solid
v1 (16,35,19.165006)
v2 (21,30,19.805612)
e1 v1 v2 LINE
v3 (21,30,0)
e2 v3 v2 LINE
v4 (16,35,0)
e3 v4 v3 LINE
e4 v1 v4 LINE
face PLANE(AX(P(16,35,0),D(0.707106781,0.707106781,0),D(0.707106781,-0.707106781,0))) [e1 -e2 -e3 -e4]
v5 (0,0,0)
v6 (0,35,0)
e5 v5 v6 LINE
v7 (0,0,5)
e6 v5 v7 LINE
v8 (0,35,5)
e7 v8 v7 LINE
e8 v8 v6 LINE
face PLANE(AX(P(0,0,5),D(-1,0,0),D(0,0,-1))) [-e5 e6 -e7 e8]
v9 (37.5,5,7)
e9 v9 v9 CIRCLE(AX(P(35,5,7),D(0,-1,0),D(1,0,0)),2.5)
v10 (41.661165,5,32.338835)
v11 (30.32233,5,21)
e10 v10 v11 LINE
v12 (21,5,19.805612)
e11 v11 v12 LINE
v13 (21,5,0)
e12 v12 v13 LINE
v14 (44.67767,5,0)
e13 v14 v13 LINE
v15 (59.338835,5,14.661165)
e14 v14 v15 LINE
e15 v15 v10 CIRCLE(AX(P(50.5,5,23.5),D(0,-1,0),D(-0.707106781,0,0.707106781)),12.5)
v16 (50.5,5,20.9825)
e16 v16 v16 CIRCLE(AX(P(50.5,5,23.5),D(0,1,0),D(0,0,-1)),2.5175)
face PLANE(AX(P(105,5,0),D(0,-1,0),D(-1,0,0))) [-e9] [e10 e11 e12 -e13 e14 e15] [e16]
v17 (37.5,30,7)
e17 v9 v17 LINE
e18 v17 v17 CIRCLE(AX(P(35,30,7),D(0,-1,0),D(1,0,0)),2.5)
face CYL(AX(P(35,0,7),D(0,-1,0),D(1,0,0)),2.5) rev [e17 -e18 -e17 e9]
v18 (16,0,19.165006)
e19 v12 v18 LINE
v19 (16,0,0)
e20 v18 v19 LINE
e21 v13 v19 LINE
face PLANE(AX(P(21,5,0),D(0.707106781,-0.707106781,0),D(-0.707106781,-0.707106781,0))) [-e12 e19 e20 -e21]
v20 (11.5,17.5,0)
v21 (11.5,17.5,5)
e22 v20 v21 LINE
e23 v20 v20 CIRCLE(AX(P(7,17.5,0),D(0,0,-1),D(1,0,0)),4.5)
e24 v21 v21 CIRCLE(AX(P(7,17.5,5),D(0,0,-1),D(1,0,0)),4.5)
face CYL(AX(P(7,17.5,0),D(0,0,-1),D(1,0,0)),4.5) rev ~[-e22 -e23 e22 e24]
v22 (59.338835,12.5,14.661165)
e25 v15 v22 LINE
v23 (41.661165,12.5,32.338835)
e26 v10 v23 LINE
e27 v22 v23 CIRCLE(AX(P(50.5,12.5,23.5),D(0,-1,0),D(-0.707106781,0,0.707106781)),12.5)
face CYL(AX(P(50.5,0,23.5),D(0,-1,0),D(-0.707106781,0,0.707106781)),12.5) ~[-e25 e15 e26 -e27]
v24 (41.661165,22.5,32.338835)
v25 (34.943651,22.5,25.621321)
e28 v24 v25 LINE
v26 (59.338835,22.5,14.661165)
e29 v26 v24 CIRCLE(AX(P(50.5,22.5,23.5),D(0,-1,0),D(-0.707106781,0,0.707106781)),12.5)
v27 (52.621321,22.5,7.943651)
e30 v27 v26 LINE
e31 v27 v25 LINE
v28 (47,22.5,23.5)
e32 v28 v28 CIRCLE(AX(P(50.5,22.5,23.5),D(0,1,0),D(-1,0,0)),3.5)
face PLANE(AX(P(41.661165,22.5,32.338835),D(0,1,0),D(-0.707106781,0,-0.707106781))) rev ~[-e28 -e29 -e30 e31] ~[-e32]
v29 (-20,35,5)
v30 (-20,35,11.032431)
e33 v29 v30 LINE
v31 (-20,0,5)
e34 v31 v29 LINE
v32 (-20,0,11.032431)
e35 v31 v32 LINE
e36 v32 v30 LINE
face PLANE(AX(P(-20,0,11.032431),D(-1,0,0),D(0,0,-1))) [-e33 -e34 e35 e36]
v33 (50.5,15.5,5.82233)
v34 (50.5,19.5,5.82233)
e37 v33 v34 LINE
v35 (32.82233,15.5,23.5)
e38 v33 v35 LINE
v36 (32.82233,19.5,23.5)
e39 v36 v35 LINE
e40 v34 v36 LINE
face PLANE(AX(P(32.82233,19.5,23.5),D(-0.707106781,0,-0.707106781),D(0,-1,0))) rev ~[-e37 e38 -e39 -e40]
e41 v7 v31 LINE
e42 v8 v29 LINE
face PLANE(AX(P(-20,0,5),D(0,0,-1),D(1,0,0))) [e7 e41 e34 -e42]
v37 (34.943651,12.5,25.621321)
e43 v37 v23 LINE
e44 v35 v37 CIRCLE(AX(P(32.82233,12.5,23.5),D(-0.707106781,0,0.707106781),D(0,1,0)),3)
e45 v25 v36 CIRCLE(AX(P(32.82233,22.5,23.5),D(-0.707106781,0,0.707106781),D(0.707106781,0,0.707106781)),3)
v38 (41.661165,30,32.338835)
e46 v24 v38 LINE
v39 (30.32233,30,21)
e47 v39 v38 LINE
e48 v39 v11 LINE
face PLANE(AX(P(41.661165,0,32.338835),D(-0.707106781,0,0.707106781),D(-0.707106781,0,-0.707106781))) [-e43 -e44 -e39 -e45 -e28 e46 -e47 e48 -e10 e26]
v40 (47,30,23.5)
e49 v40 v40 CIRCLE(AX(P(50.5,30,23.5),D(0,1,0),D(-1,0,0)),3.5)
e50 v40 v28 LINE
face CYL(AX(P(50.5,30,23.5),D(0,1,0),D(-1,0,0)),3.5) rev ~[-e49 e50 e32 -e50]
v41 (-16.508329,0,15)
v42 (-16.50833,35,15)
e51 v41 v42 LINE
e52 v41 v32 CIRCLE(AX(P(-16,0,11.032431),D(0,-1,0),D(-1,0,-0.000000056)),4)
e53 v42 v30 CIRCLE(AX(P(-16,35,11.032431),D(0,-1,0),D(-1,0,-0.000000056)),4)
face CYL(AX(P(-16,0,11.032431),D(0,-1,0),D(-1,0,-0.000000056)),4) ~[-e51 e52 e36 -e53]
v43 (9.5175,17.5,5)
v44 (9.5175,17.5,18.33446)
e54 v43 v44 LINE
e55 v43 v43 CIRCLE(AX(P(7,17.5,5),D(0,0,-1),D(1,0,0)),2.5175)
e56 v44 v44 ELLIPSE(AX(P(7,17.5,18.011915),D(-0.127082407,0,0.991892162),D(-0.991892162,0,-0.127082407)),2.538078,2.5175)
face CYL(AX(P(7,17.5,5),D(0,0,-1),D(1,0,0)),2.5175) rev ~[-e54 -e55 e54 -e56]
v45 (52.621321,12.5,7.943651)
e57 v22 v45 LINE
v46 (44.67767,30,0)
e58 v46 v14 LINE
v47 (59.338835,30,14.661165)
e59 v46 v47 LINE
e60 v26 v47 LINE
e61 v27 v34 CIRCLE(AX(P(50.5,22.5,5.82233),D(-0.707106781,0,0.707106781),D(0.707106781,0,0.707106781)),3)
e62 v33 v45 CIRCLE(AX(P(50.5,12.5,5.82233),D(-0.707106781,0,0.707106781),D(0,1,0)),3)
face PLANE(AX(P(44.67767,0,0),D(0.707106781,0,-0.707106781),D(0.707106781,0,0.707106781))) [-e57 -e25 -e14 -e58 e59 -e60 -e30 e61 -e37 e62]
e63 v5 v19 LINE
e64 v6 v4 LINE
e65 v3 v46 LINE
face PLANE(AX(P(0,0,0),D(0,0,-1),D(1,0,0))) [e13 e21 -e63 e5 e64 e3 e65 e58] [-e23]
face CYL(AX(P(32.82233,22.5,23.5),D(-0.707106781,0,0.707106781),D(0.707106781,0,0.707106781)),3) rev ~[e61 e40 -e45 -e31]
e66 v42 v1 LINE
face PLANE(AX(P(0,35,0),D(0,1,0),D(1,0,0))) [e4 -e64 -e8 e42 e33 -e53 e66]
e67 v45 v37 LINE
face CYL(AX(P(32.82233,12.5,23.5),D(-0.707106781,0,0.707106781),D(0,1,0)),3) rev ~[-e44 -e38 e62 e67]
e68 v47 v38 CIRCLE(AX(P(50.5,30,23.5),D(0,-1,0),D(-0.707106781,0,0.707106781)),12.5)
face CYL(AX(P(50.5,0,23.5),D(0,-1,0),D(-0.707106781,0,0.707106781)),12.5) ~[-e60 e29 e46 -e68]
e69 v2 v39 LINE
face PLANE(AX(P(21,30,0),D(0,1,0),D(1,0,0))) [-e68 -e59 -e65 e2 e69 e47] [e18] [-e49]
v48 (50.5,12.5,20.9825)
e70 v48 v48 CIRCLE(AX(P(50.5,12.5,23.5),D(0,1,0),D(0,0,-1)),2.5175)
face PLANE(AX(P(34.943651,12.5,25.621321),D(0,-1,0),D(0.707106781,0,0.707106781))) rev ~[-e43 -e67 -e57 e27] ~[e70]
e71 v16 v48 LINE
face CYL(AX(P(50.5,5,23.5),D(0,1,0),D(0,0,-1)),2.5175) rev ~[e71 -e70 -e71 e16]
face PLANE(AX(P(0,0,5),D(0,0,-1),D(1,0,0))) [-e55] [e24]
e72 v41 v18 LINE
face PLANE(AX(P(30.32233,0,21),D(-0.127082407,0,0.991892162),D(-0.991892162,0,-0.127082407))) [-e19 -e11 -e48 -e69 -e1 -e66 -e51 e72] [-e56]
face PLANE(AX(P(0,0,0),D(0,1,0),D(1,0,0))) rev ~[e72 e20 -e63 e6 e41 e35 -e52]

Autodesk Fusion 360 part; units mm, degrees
sketch "草图1" plane through (0, 0, 0) normal (0, 1, 0) x (1, 0, 0)
  line L0 (0, 0) -> (44.67767, 0)
  line L1 (44.67767, 0) -> (59.338835, -14.661165)
  arc A0 (41.661165, -32.338835) -> (59.338835, -14.661165) centre (50.5, -23.5) ccw
  line L2 (41.661165, -32.338835) -> (30.32233, -21)
  line L3 (30.32233, -21) -> (-16.50833, -15)
  arc A1 (-20, -11.032431) -> (-16.50833, -15) centre (-16, -11.032431) ccw
  line L4 (-20, -11.032431) -> (-20, -5)
  line L5 (-20, -5) -> (0, -5)
  line L6 (0, -5) -> (0, 0)
  circle A2 centre (35, -7) radius 2.5
  dimension "d1" = 5
  dimension "d2" = 20
  dimension "d3" = 4
  dimension "d4" = 135
  dimension "d5" = 35
  dimension "d6" = 12.5
  dimension "d7" = 23.5
  dimension "d8" = 70.5
  dimension "d9" = 5
  dimension "d10" = 7
  dimension "d11" = 21
  dimension "d12" = 10
extrude "拉伸1" add sketch "草图1" along normal blind 35 contours L0 L1 A0 L2 L3 A1 L4 L5 L6 picked at (45.852908, -18.651526)
sketch "草图2" plane through (0, 0, 0) normal (0, 0, 1) x (1, 0, 0)
  line L0 (-20, 0) -> (-20, 35)
  line L1 (-20, 35) -> (16, 35)
  line L2 (16, 35) -> (21, 30)
  line L3 (21, 30) -> (105, 30)
  line L4 (105, 30) -> (105, 5)
  line L5 (105, 5) -> (21, 5)
  line L6 (21, 5) -> (16, 0)
  line L7 (16, 0) -> (-20, 0)
  line L8 (-55, 0) -> (65, 0) construction
  line L9 (-20, 17.5) -> (-60, 17.5) construction
  dimension "d15" = 20
  dimension "d16" = 35
  dimension "d17" = 36
  dimension "d18" = 135
  dimension "d19" = 135
  dimension "d20" = 25
  dimension "d21" = 125
extrude "拉伸2" cut sketch "草图2" along normal blind 85 contours L0 L1 L2 L3 L4 L5 L6 L7 picked at (77, 21.666667) keep common part
sketch "草图3" plane through (4.661165, 0, -4.661165) normal (-0.707107, 0, 0.707107) x (0, -1, 0)
  line L0 (-30, 52.325902) -> (-30, 36.290368)
  line L1 (-30, 36.290368) -> (-5, 36.290368)
  line L2 (-5, 36.290368) -> (-5, 52.325902)
  line L3 (-5, 52.325902) -> (-30, 52.325902)
  line L4 (-17.5, 36.290368) -> (-17.5, 72.000001) construction
  line L5 (-19.5, 39.825902) -> (-15.5, 39.825902)
  line L6 (-12.5, 39.825902) -> (-12.5, 64.825902)
  line L7 (-12.5, 64.825902) -> (-22.5, 64.825902)
  line L8 (-22.5, 64.825902) -> (-22.5, 42.825902)
  arc A0 (-15.5, 39.825902) -> (-12.5, 42.825902) centre (-12.5, 39.825902) ccw
  arc A1 (-22.5, 42.825902) -> (-19.5, 39.825902) centre (-22.5, 39.825902) ccw
  dimension "d24" = 6
  dimension "d25" = 10
  dimension "d26" = 12.5
  dimension "d27" = 25
extrude "拉伸3" cut sketch "草图3" against normal blind 61 contours L3 L6 L7 L8 | L3 L5 L6 L8 A0 A1 picked at (-15.833333, 56.492568) picked at (-19.166667, 49.159235)
sketch "草图4" plane through (0, 30, 0) normal (0, 1, 0) x (-1, 0, 0)
  line L0 (-21, 19.805612) -> (-30.32233, 21)
  line L1 (-30.32233, 21) -> (-41.661165, 32.338835)
  arc A0 (-41.661165, 32.338835) -> (-59.338835, 14.661165) centre (-50.5, 23.5) ccw
  line L2 (-59.338835, 14.661165) -> (-44.67767, 0)
  line L3 (-44.67767, 0) -> (-21, 0)
  line L4 (-21, 0) -> (-21, 19.805612)
  circle A1 centre (-35, 7) radius 2.5
  circle A2 centre (-50.5, 23.5) radius 3.5
  dimension "d30" = 7
extrude "拉伸4" cut sketch "草图4" against normal blind 15 contours A2 picked at (-51.083333, 24.076707)
sketch "草图5" plane through (0, 5, 0) normal (0, -1, 0) x (1, 0, 0)
  line L0 (30.32233, 21) -> (21, 19.805612)
  line L1 (21, 19.805612) -> (21, 0)
  line L2 (21, 0) -> (44.67767, 0)
  line L3 (44.67767, 0) -> (59.338835, 14.661165)
  arc A0 (59.338835, 14.661165) -> (41.661165, 32.338835) centre (50.5, 23.5) ccw
  line L4 (41.661165, 32.338835) -> (30.32233, 21)
  circle A1 centre (35, 7) radius 2.5
hole "孔1" at (50.5, 5, 23.5) direction (0, 1, 0) diameter 6 depth 13 tip angle 180
thread "螺纹1" "ISO Metric profile 6.0 M6x1 M6x1 6H" major diameter 6.147 minor diameter 5.035 pitch 1 angle 60 resizes the face on face at (50.798704, 7.5, 26.485092)
sketch "草图6" plane through (0, 0, 0) normal (0, 0, -1) x (1, 0, 0)
  line L0 (16, -35) -> (21, -30)
  line L1 (21, -30) -> (44.67767, -30)
  line L2 (44.67767, -30) -> (44.67767, -5)
  line L3 (44.67767, -5) -> (21, -5)
  line L4 (21, -5) -> (16, 0)
  line L5 (16, 0) -> (0, 0)
  line L6 (0, 0) -> (0, -35)
  line L7 (0, -35) -> (16, -35)
  circle A0 centre (7, -17.5) radius 4.5
  dimension "d38" = 7
  dimension "d39" = 9
  dimension "d40" = 17.5
extrude "拉伸5" cut sketch "草图6" against normal blind 5 contours A0 picked at (6.233246, -18.575475)
sketch "草图7" plane through (0, 0, 5) normal (0, 0, -1) x (1, 0, 0)
  circle A0 centre (7, -17.5) radius 4.5
  circle A1 centre (7, -17.5) radius 3
  dimension "d43" = 6
extrude "拉伸6" cut sketch "草图7" against normal blind 92 contours A1 picked at (5.87651, -18.041044)
thread "螺纹2" "ISO Metric profile 6.0 M6x1 M6x1 6H" major diameter 6.147 minor diameter 5.035 pitch 1 angle 60 resizes the face on face at (9.991104, 17.269137, 9.465001)
equation "d26 = 25 mm - 12.5 mm"
